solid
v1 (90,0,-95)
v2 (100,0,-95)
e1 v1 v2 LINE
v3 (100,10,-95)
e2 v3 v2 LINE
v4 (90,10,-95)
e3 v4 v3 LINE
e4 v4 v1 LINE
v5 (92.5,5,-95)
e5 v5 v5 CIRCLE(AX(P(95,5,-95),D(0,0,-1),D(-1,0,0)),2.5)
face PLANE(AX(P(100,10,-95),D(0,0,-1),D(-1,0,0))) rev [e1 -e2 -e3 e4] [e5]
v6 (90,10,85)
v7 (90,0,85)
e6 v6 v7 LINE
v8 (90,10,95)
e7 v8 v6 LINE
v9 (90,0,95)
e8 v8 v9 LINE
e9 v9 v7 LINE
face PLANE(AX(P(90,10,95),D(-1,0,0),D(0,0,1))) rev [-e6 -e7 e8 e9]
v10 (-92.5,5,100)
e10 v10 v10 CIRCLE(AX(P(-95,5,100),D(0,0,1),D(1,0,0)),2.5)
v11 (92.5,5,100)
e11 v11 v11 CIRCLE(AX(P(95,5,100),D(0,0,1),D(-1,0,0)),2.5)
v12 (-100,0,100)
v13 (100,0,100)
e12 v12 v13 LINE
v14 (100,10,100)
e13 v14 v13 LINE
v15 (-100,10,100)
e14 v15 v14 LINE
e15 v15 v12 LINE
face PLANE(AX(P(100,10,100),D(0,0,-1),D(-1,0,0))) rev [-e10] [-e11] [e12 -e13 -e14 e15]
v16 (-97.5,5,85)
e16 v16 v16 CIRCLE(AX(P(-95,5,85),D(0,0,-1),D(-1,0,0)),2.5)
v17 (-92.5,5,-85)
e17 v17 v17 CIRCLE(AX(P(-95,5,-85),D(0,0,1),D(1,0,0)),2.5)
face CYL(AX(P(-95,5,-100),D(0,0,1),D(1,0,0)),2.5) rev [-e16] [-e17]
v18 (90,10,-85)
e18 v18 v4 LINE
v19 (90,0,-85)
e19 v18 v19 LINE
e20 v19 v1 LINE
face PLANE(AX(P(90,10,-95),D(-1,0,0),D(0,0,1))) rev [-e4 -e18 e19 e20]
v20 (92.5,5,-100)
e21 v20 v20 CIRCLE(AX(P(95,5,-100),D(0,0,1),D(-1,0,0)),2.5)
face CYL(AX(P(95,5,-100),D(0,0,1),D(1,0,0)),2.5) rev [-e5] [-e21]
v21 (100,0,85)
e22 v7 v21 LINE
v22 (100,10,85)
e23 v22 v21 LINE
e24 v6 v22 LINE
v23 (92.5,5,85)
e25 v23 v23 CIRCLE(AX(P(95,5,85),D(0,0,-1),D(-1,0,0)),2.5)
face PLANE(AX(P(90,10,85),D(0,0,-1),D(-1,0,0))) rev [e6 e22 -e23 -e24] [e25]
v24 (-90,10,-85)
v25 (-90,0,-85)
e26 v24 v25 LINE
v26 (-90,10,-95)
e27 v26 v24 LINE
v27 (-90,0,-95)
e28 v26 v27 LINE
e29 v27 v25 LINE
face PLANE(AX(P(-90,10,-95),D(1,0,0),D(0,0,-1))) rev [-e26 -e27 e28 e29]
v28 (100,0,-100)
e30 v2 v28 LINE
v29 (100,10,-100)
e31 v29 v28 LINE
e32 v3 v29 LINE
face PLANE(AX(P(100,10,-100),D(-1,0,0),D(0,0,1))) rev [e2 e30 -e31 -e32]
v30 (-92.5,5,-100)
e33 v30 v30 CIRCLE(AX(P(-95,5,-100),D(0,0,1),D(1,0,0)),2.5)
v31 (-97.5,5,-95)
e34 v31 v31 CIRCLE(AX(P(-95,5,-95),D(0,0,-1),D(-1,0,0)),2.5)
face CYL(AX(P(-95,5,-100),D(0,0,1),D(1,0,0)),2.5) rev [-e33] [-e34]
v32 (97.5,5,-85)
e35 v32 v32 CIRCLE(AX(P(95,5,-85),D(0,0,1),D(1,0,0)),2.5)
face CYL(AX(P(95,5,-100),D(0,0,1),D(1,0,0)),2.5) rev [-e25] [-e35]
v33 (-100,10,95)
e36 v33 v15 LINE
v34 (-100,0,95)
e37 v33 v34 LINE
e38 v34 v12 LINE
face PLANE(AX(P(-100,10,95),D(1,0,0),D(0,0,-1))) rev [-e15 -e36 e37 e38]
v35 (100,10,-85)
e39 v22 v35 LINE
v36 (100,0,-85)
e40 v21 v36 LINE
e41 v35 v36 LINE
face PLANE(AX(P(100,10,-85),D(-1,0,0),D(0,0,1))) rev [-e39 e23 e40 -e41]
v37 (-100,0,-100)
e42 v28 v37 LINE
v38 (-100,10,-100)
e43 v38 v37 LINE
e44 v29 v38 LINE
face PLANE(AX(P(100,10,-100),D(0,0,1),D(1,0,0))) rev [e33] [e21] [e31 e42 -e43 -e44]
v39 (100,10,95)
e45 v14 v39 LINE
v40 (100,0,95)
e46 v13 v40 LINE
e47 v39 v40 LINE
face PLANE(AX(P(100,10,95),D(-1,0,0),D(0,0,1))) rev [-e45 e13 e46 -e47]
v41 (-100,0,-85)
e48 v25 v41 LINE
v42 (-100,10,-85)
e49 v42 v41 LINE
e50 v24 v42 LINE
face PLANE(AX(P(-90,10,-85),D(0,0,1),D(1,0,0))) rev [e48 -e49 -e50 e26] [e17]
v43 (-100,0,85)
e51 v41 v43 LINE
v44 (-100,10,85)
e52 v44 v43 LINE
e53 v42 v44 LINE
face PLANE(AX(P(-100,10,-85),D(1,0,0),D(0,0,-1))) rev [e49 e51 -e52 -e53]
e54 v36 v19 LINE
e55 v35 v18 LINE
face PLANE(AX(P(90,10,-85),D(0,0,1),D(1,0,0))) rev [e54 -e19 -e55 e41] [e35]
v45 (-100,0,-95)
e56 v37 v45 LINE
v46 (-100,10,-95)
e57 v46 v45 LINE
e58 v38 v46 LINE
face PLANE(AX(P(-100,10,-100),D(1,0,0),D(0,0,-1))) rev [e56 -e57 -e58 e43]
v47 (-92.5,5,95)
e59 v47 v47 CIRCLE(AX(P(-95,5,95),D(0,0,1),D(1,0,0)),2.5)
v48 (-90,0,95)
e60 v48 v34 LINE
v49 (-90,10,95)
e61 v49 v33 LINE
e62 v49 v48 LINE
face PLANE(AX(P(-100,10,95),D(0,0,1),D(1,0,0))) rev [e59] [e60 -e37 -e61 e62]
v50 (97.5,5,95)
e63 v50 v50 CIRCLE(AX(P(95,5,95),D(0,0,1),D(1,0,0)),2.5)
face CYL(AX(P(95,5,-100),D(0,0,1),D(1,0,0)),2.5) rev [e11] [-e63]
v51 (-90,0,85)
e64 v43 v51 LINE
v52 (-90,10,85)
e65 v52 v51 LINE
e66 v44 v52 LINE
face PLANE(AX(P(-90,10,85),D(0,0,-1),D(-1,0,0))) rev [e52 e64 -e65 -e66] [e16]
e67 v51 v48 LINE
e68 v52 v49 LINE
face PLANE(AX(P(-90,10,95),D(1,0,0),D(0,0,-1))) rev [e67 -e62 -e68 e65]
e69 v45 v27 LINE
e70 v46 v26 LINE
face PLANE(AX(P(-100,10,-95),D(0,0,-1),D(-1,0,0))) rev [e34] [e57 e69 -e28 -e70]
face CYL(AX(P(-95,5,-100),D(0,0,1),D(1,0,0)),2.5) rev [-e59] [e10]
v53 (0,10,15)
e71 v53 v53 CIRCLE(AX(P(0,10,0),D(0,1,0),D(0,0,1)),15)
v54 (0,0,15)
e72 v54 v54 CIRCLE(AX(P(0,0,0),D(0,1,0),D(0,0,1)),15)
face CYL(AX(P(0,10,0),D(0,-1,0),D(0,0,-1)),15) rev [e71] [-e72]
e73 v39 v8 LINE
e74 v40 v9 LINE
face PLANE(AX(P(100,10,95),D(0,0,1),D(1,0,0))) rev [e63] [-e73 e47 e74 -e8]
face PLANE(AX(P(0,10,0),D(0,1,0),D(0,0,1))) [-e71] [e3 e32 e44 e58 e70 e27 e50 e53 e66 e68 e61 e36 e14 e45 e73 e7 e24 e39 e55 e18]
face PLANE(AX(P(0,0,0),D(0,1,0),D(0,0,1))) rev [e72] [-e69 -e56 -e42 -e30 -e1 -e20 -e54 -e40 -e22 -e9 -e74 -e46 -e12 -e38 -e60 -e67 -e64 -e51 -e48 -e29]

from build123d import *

# Parameters (mm, degrees)
ESQUISSE1_R             = 15
BASE_DEPTH              = 10
ESQUISSE2_R             = 2.5
ENL_V_MAT_EXTRU_1_DEPTH = 224.830292856


with BuildPart() as part:
    # Esquisse1 → BASE (new body)
    with BuildSketch(Plane(origin=(0, 0, 0), x_dir=(1, 0, 0), z_dir=(0, 1, 0))):
        Polygon((-100, 95), (-90, 95), (-90, 85), (-100, 85), (-100, -85), (-90, -85), (-90, -95), (-100, -95), (-100, -100), (-15, -100), (15, -100), (100, -100), (100, -95), (90, -95), (90, -85), (100, -85), (100, 85), (90, 85), (90, 95), (100, 95), (100, 100), (-100, 100), align=None)
        with Locations(Location((0, 0, 0), (0, 0, 270))):
            Circle(ESQUISSE1_R, mode=Mode.SUBTRACT)
    extrude(amount=BASE_DEPTH)

    # Esquisse2 → Enlèv. mat.-Extru.1 (cut, through all)
    with BuildSketch(Plane.XY.offset(100)):
        with Locations((-95, 5)):
            Circle(ESQUISSE2_R)
        with Locations(Location((95, 5, 0), (0, 0, 180))):
            Circle(ESQUISSE2_R)
    extrude(amount=-ENL_V_MAT_EXTRU_1_DEPTH, mode=Mode.SUBTRACT)


solid = part.part
